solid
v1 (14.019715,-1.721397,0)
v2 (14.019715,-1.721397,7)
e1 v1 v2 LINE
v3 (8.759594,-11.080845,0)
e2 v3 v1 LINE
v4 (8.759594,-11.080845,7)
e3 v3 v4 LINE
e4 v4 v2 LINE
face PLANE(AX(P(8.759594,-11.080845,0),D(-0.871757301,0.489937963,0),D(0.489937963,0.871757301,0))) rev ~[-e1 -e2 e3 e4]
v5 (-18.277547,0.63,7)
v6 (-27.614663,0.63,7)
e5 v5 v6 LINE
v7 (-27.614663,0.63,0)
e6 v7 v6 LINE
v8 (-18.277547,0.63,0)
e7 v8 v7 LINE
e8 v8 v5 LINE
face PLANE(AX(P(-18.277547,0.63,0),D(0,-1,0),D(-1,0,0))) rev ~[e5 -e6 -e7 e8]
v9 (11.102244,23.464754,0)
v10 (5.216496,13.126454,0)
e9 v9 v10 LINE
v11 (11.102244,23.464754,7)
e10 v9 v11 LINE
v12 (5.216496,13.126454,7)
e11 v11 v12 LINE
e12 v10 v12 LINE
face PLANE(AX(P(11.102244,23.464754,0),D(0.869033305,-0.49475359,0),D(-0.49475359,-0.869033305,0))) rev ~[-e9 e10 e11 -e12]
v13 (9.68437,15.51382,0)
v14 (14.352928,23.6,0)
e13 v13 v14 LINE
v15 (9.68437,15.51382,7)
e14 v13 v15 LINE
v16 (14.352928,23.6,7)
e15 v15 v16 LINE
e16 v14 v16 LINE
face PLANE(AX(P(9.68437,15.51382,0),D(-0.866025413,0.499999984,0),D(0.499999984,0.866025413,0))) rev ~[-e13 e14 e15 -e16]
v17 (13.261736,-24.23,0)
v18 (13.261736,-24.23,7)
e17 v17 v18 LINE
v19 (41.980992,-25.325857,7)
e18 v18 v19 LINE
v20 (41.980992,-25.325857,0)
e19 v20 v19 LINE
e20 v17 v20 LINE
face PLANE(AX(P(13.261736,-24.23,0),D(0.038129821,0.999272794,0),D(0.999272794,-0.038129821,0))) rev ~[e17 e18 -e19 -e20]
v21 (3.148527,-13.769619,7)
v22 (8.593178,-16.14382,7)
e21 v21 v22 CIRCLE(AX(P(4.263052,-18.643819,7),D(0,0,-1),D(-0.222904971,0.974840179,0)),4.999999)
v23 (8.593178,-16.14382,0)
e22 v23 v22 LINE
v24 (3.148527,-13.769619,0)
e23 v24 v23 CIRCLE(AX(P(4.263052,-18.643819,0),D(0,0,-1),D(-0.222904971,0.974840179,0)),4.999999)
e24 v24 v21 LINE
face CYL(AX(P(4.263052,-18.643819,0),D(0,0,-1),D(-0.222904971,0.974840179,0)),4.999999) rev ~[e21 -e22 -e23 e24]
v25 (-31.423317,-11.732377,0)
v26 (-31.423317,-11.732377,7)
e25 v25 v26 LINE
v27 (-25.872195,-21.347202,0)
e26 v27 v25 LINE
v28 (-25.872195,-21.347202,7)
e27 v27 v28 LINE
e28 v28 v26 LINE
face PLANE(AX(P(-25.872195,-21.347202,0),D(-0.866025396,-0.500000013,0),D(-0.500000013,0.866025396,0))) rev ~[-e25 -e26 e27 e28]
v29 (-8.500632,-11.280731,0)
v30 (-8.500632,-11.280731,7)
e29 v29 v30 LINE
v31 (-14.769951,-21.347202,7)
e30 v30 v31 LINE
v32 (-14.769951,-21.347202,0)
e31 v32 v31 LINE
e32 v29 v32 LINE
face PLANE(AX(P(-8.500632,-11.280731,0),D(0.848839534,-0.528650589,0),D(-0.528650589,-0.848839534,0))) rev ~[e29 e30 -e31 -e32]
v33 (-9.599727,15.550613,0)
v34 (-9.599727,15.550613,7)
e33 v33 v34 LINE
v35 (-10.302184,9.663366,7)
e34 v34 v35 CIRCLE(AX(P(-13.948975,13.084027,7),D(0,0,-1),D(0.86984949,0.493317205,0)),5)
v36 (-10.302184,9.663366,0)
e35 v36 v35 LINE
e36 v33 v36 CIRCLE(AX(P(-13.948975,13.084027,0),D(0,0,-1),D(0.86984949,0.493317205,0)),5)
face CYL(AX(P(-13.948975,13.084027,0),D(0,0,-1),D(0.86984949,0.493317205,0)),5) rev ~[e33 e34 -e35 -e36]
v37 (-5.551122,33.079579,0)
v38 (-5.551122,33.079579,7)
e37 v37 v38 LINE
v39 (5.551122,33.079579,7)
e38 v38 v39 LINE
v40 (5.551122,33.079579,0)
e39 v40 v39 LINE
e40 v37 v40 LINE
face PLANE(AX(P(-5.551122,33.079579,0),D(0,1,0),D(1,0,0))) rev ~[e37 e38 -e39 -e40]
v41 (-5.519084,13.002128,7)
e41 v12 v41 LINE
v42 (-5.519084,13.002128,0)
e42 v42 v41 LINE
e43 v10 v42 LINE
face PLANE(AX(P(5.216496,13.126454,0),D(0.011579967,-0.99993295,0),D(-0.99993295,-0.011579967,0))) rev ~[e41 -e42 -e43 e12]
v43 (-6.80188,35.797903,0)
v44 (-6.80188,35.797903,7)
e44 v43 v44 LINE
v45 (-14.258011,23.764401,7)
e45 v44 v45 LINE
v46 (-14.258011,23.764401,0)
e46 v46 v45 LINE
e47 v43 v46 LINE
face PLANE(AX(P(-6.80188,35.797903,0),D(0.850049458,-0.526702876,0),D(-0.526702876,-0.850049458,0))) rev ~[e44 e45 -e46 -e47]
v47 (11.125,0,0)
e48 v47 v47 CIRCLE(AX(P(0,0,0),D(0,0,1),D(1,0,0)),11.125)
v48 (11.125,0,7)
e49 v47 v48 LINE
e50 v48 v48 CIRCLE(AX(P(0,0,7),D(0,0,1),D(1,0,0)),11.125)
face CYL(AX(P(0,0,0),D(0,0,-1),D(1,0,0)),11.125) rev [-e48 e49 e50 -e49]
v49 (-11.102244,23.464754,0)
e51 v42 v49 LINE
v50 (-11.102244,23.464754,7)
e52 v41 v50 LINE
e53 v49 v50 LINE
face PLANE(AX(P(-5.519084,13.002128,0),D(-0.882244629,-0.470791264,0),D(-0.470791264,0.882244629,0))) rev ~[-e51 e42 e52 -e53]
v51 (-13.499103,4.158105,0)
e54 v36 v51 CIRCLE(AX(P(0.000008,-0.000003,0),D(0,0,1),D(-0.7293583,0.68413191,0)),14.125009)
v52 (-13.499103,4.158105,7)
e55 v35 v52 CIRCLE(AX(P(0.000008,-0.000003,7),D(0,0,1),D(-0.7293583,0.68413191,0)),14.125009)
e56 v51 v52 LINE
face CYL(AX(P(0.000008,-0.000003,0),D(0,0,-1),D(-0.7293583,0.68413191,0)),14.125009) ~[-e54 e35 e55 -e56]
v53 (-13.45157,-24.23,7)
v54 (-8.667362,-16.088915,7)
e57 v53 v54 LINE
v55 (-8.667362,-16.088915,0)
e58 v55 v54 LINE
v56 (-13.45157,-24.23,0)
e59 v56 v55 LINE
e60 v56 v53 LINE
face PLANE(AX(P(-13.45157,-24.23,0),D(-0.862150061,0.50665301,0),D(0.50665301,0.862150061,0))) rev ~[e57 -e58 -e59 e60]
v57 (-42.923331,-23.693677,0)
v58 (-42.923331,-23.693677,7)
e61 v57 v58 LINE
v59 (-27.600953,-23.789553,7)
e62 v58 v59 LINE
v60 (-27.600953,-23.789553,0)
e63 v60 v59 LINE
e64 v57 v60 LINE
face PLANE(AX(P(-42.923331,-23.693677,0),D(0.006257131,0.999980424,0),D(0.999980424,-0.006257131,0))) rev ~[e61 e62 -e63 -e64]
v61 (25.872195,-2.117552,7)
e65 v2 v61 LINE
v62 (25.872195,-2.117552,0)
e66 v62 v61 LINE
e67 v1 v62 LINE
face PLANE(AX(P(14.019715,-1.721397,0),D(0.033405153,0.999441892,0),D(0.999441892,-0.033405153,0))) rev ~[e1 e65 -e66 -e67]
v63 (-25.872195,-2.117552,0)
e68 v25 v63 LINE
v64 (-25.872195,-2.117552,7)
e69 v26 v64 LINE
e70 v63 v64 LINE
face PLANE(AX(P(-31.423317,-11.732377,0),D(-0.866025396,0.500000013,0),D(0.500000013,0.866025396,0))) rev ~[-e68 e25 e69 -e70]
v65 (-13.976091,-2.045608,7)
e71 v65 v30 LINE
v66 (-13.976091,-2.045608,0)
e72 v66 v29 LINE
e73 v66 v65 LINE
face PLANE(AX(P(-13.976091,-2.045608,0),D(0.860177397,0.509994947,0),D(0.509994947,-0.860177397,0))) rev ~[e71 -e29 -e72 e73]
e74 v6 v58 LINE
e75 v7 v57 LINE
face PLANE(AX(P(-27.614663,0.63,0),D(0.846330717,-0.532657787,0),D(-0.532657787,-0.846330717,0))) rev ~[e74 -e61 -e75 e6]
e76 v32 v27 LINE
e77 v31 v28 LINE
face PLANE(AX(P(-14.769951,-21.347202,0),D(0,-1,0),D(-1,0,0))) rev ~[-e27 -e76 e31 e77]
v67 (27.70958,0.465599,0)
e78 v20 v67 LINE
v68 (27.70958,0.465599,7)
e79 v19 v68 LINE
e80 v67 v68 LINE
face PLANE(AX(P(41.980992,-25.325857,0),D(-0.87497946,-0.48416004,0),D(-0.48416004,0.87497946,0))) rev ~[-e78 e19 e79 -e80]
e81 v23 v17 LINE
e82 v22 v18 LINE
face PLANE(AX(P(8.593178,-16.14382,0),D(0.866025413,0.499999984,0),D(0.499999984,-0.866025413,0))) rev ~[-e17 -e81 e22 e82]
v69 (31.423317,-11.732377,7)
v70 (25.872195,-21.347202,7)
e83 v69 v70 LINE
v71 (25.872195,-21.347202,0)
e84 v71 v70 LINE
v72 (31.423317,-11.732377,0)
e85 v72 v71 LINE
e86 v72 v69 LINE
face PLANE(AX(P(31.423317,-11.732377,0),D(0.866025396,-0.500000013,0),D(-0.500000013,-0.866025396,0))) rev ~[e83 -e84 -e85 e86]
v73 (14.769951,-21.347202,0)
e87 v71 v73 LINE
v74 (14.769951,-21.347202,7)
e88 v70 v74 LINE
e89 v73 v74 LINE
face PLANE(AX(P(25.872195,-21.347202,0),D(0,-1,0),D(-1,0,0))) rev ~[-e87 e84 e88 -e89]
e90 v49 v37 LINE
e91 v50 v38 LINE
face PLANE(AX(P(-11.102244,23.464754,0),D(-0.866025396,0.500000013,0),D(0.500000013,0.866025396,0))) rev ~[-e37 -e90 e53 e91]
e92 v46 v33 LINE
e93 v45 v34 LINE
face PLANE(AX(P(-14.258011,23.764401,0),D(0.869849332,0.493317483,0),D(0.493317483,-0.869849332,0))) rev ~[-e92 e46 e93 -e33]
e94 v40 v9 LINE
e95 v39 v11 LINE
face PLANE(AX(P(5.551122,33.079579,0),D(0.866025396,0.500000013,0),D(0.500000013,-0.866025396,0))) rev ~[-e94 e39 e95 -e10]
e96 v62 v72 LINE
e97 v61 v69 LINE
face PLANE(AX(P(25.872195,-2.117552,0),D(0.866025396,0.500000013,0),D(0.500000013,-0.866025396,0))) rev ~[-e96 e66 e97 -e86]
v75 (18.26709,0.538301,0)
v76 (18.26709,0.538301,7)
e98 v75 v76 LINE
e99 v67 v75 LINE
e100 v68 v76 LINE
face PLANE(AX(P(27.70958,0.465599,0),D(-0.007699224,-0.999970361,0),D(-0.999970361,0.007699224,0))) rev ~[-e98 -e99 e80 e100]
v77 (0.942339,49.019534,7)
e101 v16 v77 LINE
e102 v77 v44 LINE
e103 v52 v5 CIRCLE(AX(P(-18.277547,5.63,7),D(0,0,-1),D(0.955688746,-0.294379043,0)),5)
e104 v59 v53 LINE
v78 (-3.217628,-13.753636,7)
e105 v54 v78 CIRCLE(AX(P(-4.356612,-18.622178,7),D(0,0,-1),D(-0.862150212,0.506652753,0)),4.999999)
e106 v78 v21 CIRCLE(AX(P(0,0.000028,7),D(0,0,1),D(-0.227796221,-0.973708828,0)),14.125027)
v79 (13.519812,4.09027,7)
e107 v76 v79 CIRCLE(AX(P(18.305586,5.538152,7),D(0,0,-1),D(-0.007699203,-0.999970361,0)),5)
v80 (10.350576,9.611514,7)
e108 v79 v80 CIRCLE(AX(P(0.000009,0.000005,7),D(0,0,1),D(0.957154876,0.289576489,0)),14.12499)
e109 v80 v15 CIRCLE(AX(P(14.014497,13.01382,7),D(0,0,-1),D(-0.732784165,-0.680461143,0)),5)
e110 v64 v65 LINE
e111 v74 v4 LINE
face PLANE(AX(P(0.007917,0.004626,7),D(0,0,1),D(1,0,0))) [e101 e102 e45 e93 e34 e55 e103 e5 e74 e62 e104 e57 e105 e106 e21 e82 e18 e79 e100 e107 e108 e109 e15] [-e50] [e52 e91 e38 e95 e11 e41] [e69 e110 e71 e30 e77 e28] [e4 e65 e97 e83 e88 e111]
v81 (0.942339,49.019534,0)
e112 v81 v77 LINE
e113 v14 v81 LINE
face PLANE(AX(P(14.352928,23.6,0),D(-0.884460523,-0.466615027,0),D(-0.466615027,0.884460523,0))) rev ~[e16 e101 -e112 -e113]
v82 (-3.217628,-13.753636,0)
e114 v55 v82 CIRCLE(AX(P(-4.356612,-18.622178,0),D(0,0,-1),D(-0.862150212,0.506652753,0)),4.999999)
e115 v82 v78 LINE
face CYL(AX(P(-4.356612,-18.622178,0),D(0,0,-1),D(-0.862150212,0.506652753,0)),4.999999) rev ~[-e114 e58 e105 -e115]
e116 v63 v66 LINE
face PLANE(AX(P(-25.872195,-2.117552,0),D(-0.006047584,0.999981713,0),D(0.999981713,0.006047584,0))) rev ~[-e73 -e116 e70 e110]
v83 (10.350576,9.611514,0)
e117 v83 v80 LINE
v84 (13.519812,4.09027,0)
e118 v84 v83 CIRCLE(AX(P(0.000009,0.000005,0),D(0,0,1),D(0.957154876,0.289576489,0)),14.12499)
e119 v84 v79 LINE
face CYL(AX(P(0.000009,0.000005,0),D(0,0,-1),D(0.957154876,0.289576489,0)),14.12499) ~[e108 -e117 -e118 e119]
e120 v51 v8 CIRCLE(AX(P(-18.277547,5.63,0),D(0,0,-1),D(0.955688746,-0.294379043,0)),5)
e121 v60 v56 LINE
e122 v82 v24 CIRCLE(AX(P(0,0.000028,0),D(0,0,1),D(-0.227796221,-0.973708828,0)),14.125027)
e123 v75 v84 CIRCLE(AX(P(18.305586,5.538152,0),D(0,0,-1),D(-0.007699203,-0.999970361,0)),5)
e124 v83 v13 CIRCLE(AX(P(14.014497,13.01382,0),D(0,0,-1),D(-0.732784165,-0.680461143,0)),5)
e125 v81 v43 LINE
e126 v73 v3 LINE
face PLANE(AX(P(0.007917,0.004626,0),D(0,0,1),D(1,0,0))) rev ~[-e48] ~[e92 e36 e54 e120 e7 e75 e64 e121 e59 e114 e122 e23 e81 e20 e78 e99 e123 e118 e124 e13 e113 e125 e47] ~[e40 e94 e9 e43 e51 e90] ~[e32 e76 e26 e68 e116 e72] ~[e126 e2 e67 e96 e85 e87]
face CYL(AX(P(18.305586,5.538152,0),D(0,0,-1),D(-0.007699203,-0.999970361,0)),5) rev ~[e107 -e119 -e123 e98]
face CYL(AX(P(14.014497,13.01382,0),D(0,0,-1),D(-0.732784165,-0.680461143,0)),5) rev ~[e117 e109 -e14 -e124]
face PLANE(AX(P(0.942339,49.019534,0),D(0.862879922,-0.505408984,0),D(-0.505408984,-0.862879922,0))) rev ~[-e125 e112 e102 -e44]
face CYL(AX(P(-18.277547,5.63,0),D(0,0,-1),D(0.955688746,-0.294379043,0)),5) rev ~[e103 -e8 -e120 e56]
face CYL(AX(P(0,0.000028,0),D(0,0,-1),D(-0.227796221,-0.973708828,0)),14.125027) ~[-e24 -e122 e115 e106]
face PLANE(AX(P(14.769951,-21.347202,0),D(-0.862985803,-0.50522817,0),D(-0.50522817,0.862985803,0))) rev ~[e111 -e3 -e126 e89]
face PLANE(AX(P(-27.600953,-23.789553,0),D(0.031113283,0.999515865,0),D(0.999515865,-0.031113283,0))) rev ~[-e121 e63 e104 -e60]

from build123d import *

# Parameters (mm, degrees)
F0_R     = 11.125
F1_DEPTH = 7
F2_DEPTH = 7
F3_DEPTH = 7


with BuildPart() as f1:
    # F0 (on Top) → F1 (new body)
    with BuildSketch(Plane.XY):
        with BuildLine():
            Line((14.352928, 23.6), (0.942339, 49.019534))
            Line((0.942339, 49.019534), (-6.80188, 35.797903))
            Line((-6.80188, 35.797903), (-14.258011, 23.764401))
            Line((-14.258011, 23.764401), (-9.599727, 15.550613))
            ThreePointArc((-9.599727, 15.550613), (-8.984191, 12.491637), (-10.302184, 9.663366))
            ThreePointArc((-10.302184, 9.663366), (-12.214839, 7.093189), (-13.499103, 4.158105))
            ThreePointArc((-13.499103, 4.158105), (-15.307655, 1.607595), (-18.277547, 0.63))
            Line((-18.277547, 0.63), (-27.614663, 0.63))
            Line((-27.614663, 0.63), (-42.923331, -23.693677))
            Line((-42.923331, -23.693677), (-27.600953, -23.789553))
            Line((-27.600953, -23.789553), (-13.45157, -24.23))
            Line((-13.45157, -24.23), (-8.667362, -16.088915))
            ThreePointArc((-8.667362, -16.088915), (-6.325979, -14.026356), (-3.217628, -13.753636))
            ThreePointArc((-3.217628, -13.753636), (-0.035463, -14.124955), (3.148527, -13.769619))
            ThreePointArc((3.148527, -13.769619), (6.261609, -14.060615), (8.593178, -16.14382))
            Line((8.593178, -16.14382), (13.261736, -24.23))
            Line((13.261736, -24.23), (41.980992, -25.325857))
            Line((41.980992, -25.325857), (27.70958, 0.465599))
            Line((27.70958, 0.465599), (18.26709, 0.538301))
            ThreePointArc((18.26709, 0.538301), (15.31017, 1.534719), (13.519812, 4.09027))
            ThreePointArc((13.519812, 4.09027), (12.250302, 7.031766), (10.350576, 9.611514))
            ThreePointArc((10.350576, 9.611514), (9.046046, 12.45302), (9.68437, 15.51382))
            Line((9.68437, 15.51382), (14.352928, 23.6))
        make_face()
        Polygon((-31.423317, -11.732377), (-25.872195, -2.117552), (-13.976091, -2.045608), (-8.500632, -11.280731), (-14.769951, -21.347202), (-25.872195, -21.347202), align=None, mode=Mode.SUBTRACT)
        Polygon((25.872195, -21.347202), (14.769951, -21.347202), (8.759594, -11.080845), (14.019715, -1.721397), (25.872195, -2.117552), (31.423317, -11.732377), align=None, mode=Mode.SUBTRACT)
        Circle(F0_R, mode=Mode.SUBTRACT)
        Polygon((-11.102244, 23.464754), (-5.551122, 33.079579), (5.551122, 33.079579), (11.102244, 23.464754), (5.216496, 13.126454), (-5.519084, 13.002128), align=None, mode=Mode.SUBTRACT)
    extrude(amount=F1_DEPTH)

    # F0 (on Top) → F2 (join)
    with BuildSketch(Plane.XY):
        with BuildLine():
            Line((14.352928, 23.6), (0.942339, 49.019534))
            Line((0.942339, 49.019534), (-6.80188, 35.797903))
            Line((-6.80188, 35.797903), (-14.258011, 23.764401))
            Line((-14.258011, 23.764401), (-9.599727, 15.550613))
            ThreePointArc((-9.599727, 15.550613), (-8.984191, 12.491637), (-10.302184, 9.663366))
            ThreePointArc((-10.302184, 9.663366), (-12.214839, 7.093189), (-13.499103, 4.158105))
            ThreePointArc((-13.499103, 4.158105), (-15.307655, 1.607595), (-18.277547, 0.63))
            Line((-18.277547, 0.63), (-27.614663, 0.63))
            Line((-27.614663, 0.63), (-42.923331, -23.693677))
            Line((-42.923331, -23.693677), (-27.600953, -23.789553))
            Line((-27.600953, -23.789553), (-13.45157, -24.23))
            Line((-13.45157, -24.23), (-8.667362, -16.088915))
            ThreePointArc((-8.667362, -16.088915), (-6.325979, -14.026356), (-3.217628, -13.753636))
            ThreePointArc((-3.217628, -13.753636), (-0.035463, -14.124955), (3.148527, -13.769619))
            ThreePointArc((3.148527, -13.769619), (6.261609, -14.060615), (8.593178, -16.14382))
            Line((8.593178, -16.14382), (13.261736, -24.23))
            Line((13.261736, -24.23), (41.980992, -25.325857))
            Line((41.980992, -25.325857), (27.70958, 0.465599))
            Line((27.70958, 0.465599), (18.26709, 0.538301))
            ThreePointArc((18.26709, 0.538301), (15.31017, 1.534719), (13.519812, 4.09027))
            ThreePointArc((13.519812, 4.09027), (12.250302, 7.031766), (10.350576, 9.611514))
            ThreePointArc((10.350576, 9.611514), (9.046046, 12.45302), (9.68437, 15.51382))
            Line((9.68437, 15.51382), (14.352928, 23.6))
        make_face()
        Polygon((-31.423317, -11.732377), (-25.872195, -2.117552), (-13.976091, -2.045608), (-8.500632, -11.280731), (-14.769951, -21.347202), (-25.872195, -21.347202), align=None, mode=Mode.SUBTRACT)
        Polygon((25.872195, -21.347202), (14.769951, -21.347202), (8.759594, -11.080845), (14.019715, -1.721397), (25.872195, -2.117552), (31.423317, -11.732377), align=None, mode=Mode.SUBTRACT)
        Circle(F0_R, mode=Mode.SUBTRACT)
        Polygon((-11.102244, 23.464754), (-5.551122, 33.079579), (5.551122, 33.079579), (11.102244, 23.464754), (5.216496, 13.126454), (-5.519084, 13.002128), align=None, mode=Mode.SUBTRACT)
    extrude(amount=F2_DEPTH)

    # F0 (on Top) → F3 (join)
    with BuildSketch(Plane.XY):
        with BuildLine():
            Line((14.352928, 23.6), (0.942339, 49.019534))
            Line((0.942339, 49.019534), (-6.80188, 35.797903))
            Line((-6.80188, 35.797903), (-14.258011, 23.764401))
            Line((-14.258011, 23.764401), (-9.599727, 15.550613))
            ThreePointArc((-9.599727, 15.550613), (-8.984191, 12.491637), (-10.302184, 9.663366))
            ThreePointArc((-10.302184, 9.663366), (-12.214839, 7.093189), (-13.499103, 4.158105))
            ThreePointArc((-13.499103, 4.158105), (-15.307655, 1.607595), (-18.277547, 0.63))
            Line((-18.277547, 0.63), (-27.614663, 0.63))
            Line((-27.614663, 0.63), (-42.923331, -23.693677))
            Line((-42.923331, -23.693677), (-27.600953, -23.789553))
            Line((-27.600953, -23.789553), (-13.45157, -24.23))
            Line((-13.45157, -24.23), (-8.667362, -16.088915))
            ThreePointArc((-8.667362, -16.088915), (-6.325979, -14.026356), (-3.217628, -13.753636))
            ThreePointArc((-3.217628, -13.753636), (-0.035463, -14.124955), (3.148527, -13.769619))
            ThreePointArc((3.148527, -13.769619), (6.261609, -14.060615), (8.593178, -16.14382))
            Line((8.593178, -16.14382), (13.261736, -24.23))
            Line((13.261736, -24.23), (41.980992, -25.325857))
            Line((41.980992, -25.325857), (27.70958, 0.465599))
            Line((27.70958, 0.465599), (18.26709, 0.538301))
            ThreePointArc((18.26709, 0.538301), (15.31017, 1.534719), (13.519812, 4.09027))
            ThreePointArc((13.519812, 4.09027), (12.250302, 7.031766), (10.350576, 9.611514))
            ThreePointArc((10.350576, 9.611514), (9.046046, 12.45302), (9.68437, 15.51382))
            Line((9.68437, 15.51382), (14.352928, 23.6))
        make_face()
        Polygon((-31.423317, -11.732377), (-25.872195, -2.117552), (-13.976091, -2.045608), (-8.500632, -11.280731), (-14.769951, -21.347202), (-25.872195, -21.347202), align=None, mode=Mode.SUBTRACT)
        Polygon((25.872195, -21.347202), (14.769951, -21.347202), (8.759594, -11.080845), (14.019715, -1.721397), (25.872195, -2.117552), (31.423317, -11.732377), align=None, mode=Mode.SUBTRACT)
        Circle(F0_R, mode=Mode.SUBTRACT)
        Polygon((-11.102244, 23.464754), (-5.551122, 33.079579), (5.551122, 33.079579), (11.102244, 23.464754), (5.216496, 13.126454), (-5.519084, 13.002128), align=None, mode=Mode.SUBTRACT)
    extrude(amount=F3_DEPTH)


solid = f1.part
